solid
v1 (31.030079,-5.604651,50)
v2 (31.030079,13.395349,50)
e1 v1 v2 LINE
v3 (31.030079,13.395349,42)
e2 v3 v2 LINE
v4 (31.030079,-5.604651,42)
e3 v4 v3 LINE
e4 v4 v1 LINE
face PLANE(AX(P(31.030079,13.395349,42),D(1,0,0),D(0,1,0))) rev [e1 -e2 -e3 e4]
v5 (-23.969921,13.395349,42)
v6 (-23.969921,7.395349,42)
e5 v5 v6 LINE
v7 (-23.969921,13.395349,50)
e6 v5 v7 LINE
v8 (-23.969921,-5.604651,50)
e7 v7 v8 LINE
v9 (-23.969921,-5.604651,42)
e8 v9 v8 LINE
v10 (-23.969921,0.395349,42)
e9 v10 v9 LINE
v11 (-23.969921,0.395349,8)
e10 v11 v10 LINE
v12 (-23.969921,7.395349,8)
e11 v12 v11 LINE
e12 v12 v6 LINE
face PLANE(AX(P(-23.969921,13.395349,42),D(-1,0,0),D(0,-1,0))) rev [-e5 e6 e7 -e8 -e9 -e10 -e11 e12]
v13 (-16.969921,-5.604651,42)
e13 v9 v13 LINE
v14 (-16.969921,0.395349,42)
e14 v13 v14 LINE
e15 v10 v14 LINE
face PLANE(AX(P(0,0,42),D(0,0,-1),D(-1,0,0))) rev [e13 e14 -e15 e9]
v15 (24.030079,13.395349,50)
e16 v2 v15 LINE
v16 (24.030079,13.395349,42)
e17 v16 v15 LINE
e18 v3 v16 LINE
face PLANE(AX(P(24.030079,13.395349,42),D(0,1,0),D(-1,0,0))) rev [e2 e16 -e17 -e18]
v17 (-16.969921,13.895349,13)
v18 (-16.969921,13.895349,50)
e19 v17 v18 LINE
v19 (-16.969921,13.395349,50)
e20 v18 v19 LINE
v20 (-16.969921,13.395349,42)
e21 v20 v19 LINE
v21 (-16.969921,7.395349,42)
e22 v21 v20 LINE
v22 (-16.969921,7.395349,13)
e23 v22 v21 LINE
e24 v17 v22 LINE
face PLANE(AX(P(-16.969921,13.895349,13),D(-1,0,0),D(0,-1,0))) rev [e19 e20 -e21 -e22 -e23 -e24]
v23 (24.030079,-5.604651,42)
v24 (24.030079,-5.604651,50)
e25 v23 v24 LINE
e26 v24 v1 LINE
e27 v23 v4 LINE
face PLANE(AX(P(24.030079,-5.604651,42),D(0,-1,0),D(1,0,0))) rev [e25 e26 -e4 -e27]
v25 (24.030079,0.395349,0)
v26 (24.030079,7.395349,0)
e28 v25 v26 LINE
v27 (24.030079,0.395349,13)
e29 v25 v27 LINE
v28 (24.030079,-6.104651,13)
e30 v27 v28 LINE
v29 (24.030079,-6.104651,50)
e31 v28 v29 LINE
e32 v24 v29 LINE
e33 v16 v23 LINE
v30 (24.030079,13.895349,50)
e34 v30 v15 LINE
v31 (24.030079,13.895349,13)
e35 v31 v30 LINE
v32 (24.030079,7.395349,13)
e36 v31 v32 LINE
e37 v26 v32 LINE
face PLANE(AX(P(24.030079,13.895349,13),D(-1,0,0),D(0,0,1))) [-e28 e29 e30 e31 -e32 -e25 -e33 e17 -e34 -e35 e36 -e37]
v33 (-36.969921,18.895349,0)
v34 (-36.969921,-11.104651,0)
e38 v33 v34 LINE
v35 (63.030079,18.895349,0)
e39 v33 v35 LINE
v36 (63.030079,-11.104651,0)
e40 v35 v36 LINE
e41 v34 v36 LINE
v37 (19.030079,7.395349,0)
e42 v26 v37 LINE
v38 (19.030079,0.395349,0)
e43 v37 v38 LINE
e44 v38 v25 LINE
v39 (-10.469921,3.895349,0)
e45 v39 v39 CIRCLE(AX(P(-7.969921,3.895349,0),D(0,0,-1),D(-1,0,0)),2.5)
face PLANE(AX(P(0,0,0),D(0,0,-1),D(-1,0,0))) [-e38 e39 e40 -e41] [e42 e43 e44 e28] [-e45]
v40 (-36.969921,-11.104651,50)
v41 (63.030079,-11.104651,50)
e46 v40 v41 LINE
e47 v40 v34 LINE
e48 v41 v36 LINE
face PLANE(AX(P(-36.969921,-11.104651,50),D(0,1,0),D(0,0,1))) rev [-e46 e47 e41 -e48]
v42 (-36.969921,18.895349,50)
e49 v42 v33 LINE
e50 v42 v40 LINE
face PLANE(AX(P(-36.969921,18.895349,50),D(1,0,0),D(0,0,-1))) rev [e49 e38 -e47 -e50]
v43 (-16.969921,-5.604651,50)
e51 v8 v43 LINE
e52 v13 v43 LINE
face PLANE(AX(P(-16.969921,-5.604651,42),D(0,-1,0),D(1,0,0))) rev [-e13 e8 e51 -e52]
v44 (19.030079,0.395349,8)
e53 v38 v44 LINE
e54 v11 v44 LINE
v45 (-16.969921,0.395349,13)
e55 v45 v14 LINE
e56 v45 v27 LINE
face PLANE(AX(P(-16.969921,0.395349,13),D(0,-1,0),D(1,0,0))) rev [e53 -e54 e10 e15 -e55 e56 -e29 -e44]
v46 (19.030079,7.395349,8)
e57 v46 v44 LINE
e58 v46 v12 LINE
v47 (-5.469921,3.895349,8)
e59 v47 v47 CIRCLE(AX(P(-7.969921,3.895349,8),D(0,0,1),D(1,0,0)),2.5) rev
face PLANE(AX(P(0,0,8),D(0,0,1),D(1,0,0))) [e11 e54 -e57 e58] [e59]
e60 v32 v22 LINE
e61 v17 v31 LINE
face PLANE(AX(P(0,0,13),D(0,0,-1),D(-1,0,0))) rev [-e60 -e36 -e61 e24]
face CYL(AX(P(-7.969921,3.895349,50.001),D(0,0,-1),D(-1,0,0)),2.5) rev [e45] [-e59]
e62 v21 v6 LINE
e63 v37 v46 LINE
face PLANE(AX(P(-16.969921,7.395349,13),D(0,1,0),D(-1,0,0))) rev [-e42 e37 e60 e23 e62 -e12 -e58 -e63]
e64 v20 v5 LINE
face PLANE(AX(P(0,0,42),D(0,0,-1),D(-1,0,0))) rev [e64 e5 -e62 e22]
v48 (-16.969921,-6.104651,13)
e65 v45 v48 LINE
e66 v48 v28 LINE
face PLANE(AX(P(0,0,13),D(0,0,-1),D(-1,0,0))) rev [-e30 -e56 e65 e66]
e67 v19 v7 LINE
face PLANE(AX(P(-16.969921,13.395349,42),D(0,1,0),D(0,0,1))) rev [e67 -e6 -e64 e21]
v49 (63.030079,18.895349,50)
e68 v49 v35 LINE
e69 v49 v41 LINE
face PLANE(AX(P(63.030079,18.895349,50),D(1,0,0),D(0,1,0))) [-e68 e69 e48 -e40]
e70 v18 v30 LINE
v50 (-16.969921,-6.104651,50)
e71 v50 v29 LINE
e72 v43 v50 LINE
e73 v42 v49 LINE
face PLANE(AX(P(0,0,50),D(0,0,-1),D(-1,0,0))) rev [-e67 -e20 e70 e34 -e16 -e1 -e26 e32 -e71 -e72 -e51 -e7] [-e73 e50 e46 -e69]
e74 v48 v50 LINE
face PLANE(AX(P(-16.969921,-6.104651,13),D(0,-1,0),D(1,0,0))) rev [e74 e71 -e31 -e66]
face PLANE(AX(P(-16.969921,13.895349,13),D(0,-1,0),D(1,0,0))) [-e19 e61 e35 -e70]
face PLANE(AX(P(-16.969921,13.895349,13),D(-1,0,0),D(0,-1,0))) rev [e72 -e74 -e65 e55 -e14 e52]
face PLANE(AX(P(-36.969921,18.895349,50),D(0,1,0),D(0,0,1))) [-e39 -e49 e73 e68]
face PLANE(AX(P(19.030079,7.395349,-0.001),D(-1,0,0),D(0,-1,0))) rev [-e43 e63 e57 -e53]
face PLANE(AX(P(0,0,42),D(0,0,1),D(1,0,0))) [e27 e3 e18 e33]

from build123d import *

# Parameters (mm, degrees)
SKETCH_1_W          = 100
SKETCH_1_H          = 30
EXTRUDE_1_DEPTH     = 50
SKETCH_2_W          = 41
SKETCH_2_H          = 20
CUT_EXTRUDE_1_DEPTH = 37
SKETCH_3_W          = 7
SKETCH_3_H          = 19
CUT_EXTRUDE_2_DEPTH = 8
SKETCH_4_W          = 7
SKETCH_4_H          = 7
CUT_EXTRUDE_3_DEPTH = 29
SKETCH_5_W          = 48
SKETCH_5_H          = 7
CUT_EXTRUDE_4_DEPTH = 5
CUT_EXTRUDE_5_REACH = 80.063
SKETCH_6_W          = 5
SKETCH_6_H          = 7
CUT_EXTRUDE_6_REACH = 84.643
SKETCH_7_R          = 2.5


with BuildPart() as part:
    # 草圖1 → 填料-伸長1 (new body)
    with BuildSketch(Plane.XY):
        with Locations((13.030079174, 3.895348837)):
            Rectangle(SKETCH_1_W, SKETCH_1_H)
    extrude(amount=EXTRUDE_1_DEPTH)

    # 草圖2 → 除料-伸長1 (cut)
    with BuildSketch(Plane.XY.offset(50)):
        with Locations((3.530079174, 3.895348837)):
            Rectangle(SKETCH_2_W, SKETCH_2_H)
    extrude(amount=-CUT_EXTRUDE_1_DEPTH, mode=Mode.SUBTRACT)

    # 草圖3 → 除料-伸長2 (cut)
    with BuildSketch(Plane.XY.offset(50)):
        with Locations((27.530079174, 3.895348837)):
            Rectangle(SKETCH_3_W, SKETCH_3_H)
        with Locations((-20.469920826, 3.895348837)):
            Rectangle(SKETCH_3_W, SKETCH_3_H)
    extrude(amount=-CUT_EXTRUDE_2_DEPTH, mode=Mode.SUBTRACT)

    # 草圖4 → 除料-伸長3 (cut)
    with BuildSketch(Plane.XY.offset(42)):
        with Locations((-20.469920826, 3.895348837)):
            Rectangle(SKETCH_4_W, SKETCH_4_H)
    extrude(amount=-CUT_EXTRUDE_3_DEPTH, mode=Mode.SUBTRACT)

    # 草圖5 → 除料-伸長4 (cut)
    with BuildSketch(Plane.XY.offset(13)):
        with Locations((0.030079174, 3.895348837)):
            Rectangle(SKETCH_5_W, SKETCH_5_H)
    extrude(amount=-CUT_EXTRUDE_4_DEPTH, mode=Mode.SUBTRACT)

    # 草圖6 → 除料-伸長5 (cut, up to next)
    with BuildSketch(Plane.XY.offset(8), mode=Mode.PRIVATE) as cut_extrude_5_sk1:
        with Locations((21.530079174, 3.895348837)):
            Rectangle(SKETCH_6_W, SKETCH_6_H)
    cut_extrude_5_tool1 = extrude(cut_extrude_5_sk1.sketch, amount=-CUT_EXTRUDE_5_REACH, mode=Mode.PRIVATE) & part.part
    add(cut_extrude_5_tool1.solids().sort_by_distance((21.530079, 3.895349, 8))[0], mode=Mode.SUBTRACT)

    # 草圖7 → 除料-伸長6 (cut, up to next)
    with BuildSketch(Plane(origin=(0, 0, 0), x_dir=(-1, 0, 0), z_dir=(0, 0, -1)), mode=Mode.PRIVATE) as cut_extrude_6_sk1:
        with Locations((7.969920826, 3.895348837)):
            Circle(SKETCH_7_R)
    cut_extrude_6_tool1 = extrude(cut_extrude_6_sk1.sketch, amount=-CUT_EXTRUDE_6_REACH, mode=Mode.PRIVATE) & part.part
    add(cut_extrude_6_tool1.solids().sort_by_distance((-7.969921, 3.895349, 0))[0], mode=Mode.SUBTRACT)


solid = part.part
